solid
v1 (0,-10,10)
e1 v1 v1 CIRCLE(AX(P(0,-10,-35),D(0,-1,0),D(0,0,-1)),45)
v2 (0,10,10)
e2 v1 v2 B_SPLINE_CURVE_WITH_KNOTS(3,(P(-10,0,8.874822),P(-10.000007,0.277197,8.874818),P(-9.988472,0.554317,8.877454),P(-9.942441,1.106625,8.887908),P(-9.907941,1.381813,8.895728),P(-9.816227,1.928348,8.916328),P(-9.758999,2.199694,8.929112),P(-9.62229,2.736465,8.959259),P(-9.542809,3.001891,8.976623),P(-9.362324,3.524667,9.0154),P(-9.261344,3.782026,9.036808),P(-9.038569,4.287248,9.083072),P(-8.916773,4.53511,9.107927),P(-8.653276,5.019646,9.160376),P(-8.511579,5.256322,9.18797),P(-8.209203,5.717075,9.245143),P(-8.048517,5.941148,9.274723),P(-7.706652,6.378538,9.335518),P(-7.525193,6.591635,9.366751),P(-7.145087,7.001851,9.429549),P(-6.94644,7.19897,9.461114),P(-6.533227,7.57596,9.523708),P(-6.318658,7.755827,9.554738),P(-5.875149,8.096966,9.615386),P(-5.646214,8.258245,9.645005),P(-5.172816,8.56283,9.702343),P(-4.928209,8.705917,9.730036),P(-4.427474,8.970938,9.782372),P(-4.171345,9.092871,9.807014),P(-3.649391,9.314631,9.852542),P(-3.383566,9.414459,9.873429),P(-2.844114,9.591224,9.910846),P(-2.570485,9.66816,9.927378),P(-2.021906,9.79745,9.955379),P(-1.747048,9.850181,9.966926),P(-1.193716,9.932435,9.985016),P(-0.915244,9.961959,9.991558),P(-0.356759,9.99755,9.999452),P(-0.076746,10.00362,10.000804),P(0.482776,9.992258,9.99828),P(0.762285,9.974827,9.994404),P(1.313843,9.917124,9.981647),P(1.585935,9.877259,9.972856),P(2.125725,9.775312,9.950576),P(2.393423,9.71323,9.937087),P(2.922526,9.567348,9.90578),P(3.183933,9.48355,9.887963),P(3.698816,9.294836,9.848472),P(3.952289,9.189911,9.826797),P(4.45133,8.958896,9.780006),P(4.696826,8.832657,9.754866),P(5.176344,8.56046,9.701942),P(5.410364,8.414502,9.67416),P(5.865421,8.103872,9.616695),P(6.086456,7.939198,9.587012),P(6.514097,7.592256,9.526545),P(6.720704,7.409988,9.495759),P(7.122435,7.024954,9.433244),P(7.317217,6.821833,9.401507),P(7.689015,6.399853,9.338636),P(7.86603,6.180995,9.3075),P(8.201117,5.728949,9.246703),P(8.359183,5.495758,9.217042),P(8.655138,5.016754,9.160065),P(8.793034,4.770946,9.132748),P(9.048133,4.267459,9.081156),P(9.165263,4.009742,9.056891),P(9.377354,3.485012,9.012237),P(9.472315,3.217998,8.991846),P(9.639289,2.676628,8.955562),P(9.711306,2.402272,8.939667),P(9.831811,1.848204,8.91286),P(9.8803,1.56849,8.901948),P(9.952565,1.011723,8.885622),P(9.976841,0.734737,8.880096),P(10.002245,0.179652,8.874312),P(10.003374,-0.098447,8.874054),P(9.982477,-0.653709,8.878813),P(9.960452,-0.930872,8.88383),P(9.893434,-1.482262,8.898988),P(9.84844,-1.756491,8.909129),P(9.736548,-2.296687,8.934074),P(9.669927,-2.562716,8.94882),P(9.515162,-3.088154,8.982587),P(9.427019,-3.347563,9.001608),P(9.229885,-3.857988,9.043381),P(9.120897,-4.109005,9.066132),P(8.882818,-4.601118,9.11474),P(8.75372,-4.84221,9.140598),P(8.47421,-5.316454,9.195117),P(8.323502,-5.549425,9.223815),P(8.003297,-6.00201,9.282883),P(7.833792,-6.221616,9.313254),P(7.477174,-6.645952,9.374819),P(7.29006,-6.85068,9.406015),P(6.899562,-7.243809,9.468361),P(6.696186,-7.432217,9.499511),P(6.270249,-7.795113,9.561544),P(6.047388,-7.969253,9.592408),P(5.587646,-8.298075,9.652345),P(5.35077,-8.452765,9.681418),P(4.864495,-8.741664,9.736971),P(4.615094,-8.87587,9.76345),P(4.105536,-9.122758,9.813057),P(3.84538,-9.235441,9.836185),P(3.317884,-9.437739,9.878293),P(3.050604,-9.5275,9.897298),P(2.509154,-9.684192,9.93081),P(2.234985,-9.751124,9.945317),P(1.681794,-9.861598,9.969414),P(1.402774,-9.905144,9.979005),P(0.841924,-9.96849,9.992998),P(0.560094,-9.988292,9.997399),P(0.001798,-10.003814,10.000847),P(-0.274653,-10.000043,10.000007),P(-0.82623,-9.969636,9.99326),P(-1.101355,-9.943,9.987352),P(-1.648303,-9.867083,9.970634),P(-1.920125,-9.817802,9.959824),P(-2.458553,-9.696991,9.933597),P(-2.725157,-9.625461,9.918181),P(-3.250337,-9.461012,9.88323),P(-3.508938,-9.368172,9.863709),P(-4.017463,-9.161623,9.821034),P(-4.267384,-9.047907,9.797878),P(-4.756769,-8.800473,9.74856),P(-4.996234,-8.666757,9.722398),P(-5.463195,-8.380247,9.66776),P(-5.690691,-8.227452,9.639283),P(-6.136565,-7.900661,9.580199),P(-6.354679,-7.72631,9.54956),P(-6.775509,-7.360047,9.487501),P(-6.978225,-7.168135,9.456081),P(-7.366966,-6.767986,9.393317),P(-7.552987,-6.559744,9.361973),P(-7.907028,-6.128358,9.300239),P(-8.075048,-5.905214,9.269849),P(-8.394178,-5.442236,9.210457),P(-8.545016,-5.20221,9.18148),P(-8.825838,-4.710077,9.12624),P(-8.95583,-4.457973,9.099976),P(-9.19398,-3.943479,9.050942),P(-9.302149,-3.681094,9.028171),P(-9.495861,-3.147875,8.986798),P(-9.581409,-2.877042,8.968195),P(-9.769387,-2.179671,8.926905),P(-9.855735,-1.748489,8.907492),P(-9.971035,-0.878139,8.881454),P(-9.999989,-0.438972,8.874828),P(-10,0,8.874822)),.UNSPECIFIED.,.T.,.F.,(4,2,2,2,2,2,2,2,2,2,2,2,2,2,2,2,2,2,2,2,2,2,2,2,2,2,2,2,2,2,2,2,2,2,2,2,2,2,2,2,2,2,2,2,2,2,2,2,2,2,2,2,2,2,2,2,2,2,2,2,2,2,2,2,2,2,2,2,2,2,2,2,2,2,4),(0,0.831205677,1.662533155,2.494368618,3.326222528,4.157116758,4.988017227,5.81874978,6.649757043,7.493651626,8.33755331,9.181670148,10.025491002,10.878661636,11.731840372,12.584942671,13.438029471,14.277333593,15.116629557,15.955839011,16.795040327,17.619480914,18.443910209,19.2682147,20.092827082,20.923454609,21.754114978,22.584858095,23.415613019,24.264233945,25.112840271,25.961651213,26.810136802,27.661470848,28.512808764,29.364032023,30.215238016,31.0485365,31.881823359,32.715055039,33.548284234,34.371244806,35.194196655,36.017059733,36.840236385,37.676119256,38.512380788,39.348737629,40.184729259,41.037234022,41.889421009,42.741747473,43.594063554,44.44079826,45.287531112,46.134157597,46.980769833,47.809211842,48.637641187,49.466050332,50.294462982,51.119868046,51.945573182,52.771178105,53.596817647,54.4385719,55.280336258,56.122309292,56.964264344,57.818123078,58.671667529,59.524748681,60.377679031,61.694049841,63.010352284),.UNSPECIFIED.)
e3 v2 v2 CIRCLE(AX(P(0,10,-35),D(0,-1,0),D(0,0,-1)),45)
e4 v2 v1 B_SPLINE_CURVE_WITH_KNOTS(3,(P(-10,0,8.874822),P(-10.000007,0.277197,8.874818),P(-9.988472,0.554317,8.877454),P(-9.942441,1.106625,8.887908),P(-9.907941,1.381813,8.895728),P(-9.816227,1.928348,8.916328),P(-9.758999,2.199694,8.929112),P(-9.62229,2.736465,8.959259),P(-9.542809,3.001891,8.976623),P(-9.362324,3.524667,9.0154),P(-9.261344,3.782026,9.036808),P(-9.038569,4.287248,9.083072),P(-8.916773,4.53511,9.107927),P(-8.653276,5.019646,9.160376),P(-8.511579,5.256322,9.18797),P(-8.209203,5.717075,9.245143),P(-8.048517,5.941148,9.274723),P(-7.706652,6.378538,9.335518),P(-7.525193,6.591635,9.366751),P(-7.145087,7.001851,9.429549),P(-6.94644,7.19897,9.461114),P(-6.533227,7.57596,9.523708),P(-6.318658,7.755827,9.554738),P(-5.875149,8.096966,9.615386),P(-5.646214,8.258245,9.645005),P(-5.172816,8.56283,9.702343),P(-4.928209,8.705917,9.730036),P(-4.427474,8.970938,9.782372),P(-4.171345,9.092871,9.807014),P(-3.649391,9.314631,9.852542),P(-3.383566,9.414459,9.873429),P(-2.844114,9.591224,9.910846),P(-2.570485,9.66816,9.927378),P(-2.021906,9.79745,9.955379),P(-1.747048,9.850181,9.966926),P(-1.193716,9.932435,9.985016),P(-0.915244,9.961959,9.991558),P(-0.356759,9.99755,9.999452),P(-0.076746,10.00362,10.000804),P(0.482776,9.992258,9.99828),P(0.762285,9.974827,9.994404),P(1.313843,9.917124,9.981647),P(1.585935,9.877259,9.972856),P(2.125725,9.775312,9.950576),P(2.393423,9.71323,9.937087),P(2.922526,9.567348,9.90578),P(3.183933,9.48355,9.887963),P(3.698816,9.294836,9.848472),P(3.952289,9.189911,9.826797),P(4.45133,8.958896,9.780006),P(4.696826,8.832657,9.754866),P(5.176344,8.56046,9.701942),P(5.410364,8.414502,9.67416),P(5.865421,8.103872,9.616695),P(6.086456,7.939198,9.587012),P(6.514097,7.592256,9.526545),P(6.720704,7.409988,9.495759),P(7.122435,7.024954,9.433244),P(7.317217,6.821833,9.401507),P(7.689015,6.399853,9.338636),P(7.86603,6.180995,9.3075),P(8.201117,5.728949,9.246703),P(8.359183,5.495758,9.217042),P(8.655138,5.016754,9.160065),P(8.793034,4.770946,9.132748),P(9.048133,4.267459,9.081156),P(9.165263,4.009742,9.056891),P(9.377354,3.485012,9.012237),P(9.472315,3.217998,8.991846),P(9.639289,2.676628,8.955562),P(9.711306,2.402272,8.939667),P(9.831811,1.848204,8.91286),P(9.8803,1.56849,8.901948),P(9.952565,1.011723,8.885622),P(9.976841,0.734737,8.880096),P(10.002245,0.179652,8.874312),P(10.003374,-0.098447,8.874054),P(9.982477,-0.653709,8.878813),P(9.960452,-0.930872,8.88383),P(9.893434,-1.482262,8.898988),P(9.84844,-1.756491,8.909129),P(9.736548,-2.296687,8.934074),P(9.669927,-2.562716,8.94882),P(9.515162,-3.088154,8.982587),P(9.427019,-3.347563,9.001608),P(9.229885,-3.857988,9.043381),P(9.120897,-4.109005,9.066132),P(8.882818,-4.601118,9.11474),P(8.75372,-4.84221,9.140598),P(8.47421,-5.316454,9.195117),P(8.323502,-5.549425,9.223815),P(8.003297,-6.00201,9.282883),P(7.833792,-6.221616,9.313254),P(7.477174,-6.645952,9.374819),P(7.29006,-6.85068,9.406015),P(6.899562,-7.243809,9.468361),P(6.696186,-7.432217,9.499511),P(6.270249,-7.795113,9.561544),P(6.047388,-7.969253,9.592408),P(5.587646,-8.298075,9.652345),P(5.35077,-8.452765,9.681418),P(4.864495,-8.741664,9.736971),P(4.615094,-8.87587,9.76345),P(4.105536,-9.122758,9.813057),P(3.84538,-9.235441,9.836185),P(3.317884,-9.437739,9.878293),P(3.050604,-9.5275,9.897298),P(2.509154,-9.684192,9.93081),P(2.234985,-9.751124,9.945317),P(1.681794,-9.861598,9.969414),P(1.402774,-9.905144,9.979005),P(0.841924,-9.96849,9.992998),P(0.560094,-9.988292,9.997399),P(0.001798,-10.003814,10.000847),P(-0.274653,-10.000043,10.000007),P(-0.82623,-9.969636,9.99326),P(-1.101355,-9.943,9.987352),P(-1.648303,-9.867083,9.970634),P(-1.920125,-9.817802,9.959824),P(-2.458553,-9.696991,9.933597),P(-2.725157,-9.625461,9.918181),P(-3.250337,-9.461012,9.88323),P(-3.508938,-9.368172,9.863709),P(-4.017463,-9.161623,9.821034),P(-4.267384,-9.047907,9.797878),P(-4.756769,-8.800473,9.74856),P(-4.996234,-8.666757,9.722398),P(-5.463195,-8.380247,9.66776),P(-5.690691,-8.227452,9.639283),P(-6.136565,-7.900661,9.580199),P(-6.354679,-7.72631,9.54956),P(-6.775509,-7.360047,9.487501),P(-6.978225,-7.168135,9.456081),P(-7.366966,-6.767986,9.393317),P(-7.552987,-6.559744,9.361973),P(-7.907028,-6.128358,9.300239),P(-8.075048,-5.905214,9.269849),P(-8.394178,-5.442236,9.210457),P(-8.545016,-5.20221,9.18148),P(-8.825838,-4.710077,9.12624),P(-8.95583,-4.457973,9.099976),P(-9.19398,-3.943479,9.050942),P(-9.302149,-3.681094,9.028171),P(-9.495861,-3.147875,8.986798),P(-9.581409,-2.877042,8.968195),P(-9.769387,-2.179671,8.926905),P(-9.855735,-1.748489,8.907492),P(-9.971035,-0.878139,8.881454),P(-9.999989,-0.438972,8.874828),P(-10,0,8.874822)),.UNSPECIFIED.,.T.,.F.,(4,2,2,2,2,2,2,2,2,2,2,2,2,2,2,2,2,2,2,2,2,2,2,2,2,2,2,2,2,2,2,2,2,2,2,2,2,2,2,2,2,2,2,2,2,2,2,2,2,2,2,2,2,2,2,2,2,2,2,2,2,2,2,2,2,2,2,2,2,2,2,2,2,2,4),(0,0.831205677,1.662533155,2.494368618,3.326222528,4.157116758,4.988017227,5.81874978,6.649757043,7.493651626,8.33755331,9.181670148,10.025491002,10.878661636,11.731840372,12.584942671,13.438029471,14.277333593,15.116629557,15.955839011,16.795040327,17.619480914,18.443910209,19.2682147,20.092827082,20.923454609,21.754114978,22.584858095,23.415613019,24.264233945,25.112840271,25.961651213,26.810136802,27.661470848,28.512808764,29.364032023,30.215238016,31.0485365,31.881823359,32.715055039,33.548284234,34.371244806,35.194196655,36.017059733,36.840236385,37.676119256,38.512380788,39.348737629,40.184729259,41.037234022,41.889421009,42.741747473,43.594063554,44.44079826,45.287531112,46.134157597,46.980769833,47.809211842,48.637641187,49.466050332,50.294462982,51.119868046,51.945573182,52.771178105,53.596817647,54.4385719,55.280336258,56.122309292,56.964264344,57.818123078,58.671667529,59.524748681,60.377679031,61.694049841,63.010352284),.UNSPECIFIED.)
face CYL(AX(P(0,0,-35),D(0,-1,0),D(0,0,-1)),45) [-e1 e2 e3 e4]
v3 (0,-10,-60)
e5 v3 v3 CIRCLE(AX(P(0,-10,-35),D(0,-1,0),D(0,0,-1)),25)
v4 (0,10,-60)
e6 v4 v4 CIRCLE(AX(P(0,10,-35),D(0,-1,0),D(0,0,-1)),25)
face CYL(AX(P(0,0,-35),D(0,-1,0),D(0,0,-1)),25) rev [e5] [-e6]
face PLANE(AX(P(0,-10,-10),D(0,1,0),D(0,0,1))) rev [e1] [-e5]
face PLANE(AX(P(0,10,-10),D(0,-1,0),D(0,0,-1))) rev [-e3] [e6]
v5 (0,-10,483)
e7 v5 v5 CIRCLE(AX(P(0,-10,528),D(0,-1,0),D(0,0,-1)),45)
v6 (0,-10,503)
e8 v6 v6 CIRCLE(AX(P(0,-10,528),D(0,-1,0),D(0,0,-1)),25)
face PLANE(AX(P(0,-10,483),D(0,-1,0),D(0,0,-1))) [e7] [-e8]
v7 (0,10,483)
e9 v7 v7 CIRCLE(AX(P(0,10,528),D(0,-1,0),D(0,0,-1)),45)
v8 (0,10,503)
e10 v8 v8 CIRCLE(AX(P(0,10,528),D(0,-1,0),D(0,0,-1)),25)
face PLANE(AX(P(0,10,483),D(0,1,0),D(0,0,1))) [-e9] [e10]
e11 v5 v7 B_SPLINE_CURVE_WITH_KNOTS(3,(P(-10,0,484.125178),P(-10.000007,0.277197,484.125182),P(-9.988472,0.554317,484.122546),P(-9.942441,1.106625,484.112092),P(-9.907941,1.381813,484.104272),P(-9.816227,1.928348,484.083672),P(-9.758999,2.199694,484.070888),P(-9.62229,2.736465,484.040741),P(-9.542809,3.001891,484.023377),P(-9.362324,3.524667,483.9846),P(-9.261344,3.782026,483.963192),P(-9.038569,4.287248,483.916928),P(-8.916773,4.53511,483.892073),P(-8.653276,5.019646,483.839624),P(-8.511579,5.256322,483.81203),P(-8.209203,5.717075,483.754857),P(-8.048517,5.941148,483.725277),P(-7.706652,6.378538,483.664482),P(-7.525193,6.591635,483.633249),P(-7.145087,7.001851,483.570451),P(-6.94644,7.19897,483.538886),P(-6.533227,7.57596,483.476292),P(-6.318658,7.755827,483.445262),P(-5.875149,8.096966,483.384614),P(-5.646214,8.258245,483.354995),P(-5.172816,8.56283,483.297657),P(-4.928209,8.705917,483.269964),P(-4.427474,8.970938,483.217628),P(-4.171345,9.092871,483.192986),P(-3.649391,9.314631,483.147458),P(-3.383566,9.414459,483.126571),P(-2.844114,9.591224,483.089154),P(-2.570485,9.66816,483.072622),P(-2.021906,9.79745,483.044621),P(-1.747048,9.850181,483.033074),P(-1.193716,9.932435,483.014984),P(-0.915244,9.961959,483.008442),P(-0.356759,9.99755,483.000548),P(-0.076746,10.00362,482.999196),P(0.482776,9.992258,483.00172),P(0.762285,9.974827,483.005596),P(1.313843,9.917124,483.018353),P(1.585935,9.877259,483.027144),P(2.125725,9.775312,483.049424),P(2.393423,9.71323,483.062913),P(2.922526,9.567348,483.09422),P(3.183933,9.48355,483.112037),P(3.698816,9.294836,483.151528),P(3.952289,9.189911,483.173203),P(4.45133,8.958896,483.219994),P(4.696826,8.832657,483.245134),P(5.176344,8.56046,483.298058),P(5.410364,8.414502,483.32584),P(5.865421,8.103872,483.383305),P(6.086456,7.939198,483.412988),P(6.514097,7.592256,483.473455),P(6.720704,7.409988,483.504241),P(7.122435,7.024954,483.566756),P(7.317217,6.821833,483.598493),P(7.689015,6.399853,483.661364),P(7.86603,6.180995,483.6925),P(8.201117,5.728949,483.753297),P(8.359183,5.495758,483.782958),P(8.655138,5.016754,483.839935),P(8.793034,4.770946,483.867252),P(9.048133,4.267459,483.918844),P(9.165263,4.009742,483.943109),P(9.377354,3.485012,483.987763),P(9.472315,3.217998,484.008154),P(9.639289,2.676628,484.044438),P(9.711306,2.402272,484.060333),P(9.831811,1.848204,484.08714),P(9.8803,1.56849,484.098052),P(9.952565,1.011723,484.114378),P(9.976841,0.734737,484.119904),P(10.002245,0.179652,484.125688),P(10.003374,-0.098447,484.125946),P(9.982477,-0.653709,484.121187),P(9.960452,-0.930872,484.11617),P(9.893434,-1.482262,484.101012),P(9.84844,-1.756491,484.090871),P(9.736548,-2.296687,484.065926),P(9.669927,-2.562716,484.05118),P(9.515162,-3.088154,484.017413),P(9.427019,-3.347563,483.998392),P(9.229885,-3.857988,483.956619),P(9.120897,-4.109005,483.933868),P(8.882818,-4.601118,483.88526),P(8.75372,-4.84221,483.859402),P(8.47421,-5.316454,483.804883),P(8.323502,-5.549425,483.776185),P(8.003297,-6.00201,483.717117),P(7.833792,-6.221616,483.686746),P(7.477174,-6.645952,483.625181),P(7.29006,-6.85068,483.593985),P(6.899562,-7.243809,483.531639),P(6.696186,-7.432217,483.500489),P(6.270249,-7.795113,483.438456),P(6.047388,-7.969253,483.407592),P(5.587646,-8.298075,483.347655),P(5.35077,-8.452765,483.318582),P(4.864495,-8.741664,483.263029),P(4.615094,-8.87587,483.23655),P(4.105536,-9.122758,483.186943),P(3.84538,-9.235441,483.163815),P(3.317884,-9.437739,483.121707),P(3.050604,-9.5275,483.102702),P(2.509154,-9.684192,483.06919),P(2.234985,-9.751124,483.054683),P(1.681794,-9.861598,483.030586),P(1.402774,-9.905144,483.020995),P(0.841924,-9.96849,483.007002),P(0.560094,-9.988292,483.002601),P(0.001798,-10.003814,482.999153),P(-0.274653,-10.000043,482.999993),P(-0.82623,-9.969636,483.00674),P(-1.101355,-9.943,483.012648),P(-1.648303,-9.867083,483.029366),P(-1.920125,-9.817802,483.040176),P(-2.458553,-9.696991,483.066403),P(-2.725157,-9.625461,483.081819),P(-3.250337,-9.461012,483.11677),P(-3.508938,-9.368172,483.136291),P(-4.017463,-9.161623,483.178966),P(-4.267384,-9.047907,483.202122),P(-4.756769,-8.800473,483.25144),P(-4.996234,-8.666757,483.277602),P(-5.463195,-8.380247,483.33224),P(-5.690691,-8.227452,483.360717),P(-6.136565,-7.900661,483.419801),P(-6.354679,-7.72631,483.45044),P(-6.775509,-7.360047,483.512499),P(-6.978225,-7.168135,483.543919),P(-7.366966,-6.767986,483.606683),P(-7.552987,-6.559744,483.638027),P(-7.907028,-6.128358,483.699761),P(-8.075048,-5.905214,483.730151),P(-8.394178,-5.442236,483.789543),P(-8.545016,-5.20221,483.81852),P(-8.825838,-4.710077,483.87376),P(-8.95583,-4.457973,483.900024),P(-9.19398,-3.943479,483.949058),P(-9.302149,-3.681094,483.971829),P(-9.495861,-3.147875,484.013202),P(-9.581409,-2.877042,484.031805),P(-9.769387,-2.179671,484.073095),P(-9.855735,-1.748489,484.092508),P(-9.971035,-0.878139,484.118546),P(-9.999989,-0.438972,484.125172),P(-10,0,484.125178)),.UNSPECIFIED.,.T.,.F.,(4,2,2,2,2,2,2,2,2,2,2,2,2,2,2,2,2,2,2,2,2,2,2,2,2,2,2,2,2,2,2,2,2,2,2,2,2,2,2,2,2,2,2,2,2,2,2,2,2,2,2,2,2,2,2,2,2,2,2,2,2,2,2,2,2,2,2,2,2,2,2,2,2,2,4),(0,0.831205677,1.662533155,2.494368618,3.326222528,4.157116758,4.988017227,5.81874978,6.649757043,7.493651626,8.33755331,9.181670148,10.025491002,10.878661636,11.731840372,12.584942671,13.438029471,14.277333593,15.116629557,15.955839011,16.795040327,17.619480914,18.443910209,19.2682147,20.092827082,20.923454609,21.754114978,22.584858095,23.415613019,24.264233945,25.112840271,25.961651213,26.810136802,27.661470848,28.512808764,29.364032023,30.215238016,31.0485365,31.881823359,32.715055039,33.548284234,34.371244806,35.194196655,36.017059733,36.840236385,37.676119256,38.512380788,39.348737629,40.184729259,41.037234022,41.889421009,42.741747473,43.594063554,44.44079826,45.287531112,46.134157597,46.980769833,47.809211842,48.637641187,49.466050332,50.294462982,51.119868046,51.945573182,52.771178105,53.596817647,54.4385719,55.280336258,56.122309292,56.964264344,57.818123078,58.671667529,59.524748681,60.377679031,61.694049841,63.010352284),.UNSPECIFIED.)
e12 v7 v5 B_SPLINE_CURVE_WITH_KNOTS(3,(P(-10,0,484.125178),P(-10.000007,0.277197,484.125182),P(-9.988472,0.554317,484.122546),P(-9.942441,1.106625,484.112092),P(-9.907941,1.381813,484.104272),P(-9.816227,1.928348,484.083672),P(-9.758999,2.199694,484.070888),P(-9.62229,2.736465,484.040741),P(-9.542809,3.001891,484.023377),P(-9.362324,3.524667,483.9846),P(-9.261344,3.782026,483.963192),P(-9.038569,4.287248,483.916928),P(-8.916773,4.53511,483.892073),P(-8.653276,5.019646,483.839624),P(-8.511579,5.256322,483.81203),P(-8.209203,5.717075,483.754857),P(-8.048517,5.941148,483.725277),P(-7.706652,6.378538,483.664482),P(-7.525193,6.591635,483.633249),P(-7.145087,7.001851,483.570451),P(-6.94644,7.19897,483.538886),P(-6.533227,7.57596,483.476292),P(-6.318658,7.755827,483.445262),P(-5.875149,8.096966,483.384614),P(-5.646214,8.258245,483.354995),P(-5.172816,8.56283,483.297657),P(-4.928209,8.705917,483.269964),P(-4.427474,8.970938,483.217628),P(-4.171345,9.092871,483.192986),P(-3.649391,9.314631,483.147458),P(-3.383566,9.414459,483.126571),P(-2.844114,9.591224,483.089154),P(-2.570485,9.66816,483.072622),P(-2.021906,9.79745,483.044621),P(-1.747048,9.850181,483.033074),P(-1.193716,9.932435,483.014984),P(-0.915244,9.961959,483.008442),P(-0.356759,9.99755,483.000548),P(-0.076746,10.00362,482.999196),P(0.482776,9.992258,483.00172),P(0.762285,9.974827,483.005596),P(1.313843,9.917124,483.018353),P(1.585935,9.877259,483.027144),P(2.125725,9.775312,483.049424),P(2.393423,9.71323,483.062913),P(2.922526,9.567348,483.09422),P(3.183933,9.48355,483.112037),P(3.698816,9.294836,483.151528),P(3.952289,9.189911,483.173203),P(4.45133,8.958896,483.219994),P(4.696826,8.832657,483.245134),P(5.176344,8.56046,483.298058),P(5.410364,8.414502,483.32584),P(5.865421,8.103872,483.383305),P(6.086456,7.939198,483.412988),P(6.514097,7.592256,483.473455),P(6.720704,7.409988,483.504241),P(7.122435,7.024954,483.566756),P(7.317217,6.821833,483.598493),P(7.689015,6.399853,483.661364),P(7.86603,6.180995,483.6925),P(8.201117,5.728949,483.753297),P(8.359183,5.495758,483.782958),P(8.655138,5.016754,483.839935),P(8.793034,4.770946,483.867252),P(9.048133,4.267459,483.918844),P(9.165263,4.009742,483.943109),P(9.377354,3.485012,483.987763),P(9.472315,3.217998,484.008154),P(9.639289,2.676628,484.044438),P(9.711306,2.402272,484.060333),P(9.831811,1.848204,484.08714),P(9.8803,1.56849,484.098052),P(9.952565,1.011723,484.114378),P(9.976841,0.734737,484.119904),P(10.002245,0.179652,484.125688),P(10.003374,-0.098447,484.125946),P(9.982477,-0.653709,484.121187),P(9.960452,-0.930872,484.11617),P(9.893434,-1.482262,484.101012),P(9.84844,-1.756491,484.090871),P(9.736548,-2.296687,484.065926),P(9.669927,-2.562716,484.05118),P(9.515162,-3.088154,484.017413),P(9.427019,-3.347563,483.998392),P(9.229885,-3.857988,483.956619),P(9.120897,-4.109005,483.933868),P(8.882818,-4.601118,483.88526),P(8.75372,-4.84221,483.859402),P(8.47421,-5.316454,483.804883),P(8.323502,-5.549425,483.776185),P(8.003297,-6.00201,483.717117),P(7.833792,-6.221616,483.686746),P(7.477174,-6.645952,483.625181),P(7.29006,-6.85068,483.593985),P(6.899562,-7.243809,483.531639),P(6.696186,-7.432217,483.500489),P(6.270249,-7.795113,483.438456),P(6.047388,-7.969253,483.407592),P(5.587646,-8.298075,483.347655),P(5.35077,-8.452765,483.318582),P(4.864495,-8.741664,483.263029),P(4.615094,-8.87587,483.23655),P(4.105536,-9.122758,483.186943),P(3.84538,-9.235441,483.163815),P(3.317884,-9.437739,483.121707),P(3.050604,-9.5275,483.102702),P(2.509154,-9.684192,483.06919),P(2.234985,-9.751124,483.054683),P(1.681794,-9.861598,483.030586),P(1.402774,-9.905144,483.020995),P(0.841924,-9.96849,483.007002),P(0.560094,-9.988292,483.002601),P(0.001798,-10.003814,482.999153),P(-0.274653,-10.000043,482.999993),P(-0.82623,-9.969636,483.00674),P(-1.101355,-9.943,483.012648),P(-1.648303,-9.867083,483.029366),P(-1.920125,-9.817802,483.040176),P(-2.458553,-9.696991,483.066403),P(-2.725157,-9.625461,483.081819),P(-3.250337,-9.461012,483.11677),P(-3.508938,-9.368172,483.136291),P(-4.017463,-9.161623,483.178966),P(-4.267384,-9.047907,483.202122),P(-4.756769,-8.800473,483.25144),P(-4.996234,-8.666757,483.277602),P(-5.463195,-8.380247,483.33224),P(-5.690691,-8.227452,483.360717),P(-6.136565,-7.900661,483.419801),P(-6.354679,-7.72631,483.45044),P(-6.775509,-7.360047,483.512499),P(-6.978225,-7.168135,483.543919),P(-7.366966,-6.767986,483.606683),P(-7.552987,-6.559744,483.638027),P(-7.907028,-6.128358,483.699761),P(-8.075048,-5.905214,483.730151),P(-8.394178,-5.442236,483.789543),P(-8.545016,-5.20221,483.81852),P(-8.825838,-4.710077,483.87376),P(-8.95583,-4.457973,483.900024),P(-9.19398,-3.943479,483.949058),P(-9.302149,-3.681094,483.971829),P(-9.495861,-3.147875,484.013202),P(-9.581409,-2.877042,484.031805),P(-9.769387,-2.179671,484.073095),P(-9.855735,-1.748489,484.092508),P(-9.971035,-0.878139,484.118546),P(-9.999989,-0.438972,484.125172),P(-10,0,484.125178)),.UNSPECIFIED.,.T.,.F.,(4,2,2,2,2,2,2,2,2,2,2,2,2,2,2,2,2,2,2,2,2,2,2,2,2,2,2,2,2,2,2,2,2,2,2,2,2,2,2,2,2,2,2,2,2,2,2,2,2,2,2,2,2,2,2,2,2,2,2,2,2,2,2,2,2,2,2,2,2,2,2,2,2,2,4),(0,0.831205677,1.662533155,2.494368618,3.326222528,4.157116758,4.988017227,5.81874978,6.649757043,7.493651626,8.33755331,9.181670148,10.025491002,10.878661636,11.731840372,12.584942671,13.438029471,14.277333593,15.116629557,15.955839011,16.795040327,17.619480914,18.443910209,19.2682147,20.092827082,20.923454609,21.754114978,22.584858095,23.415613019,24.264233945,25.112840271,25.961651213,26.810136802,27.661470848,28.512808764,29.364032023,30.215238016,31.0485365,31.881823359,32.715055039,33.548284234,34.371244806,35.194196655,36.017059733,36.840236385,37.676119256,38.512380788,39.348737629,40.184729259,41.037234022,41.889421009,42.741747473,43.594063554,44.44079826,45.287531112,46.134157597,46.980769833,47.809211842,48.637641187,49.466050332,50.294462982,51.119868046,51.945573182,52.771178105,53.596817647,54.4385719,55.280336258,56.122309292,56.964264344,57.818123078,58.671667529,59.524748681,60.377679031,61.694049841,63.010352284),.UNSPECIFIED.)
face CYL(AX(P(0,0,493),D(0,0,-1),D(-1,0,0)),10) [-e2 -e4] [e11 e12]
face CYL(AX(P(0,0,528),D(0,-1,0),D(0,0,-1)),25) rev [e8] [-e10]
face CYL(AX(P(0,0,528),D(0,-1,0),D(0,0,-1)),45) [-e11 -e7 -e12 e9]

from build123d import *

# Parameters (mm, degrees)
SKETCH1_R           = 10
BOSS_EXTRUDE1_DEPTH = 493
SKETCH2_W           = 20
SKETCH2_H           = 20
SKETCH3_W           = 20
SKETCH3_H           = 20


with BuildPart() as part:
    # Sketch1 → Boss-Extrude1 (new body)
    with BuildSketch(Plane.XY):
        Circle(SKETCH1_R)
    extrude(amount=BOSS_EXTRUDE1_DEPTH)

    # Sketch2 → Revolve1 (revolve)
    with BuildSketch(Plane(origin=(0, 0, 0), x_dir=(0, 0, -1), z_dir=(1, 0, 0))):
        with Locations((-493, 0)):
            Rectangle(SKETCH2_W, SKETCH2_H)
    revolve(axis=Axis((0, 0, 528), (0, 1, 0)))

    # Sketch3 → Revolve2 (revolve)
    with BuildSketch(Plane(origin=(0, 0, 0), x_dir=(0, 0, -1), z_dir=(1, 0, 0))):
        Rectangle(SKETCH3_W, SKETCH3_H)
    revolve(axis=Axis((0, 0, -35), (0, 1, 0)))


solid = part.part
